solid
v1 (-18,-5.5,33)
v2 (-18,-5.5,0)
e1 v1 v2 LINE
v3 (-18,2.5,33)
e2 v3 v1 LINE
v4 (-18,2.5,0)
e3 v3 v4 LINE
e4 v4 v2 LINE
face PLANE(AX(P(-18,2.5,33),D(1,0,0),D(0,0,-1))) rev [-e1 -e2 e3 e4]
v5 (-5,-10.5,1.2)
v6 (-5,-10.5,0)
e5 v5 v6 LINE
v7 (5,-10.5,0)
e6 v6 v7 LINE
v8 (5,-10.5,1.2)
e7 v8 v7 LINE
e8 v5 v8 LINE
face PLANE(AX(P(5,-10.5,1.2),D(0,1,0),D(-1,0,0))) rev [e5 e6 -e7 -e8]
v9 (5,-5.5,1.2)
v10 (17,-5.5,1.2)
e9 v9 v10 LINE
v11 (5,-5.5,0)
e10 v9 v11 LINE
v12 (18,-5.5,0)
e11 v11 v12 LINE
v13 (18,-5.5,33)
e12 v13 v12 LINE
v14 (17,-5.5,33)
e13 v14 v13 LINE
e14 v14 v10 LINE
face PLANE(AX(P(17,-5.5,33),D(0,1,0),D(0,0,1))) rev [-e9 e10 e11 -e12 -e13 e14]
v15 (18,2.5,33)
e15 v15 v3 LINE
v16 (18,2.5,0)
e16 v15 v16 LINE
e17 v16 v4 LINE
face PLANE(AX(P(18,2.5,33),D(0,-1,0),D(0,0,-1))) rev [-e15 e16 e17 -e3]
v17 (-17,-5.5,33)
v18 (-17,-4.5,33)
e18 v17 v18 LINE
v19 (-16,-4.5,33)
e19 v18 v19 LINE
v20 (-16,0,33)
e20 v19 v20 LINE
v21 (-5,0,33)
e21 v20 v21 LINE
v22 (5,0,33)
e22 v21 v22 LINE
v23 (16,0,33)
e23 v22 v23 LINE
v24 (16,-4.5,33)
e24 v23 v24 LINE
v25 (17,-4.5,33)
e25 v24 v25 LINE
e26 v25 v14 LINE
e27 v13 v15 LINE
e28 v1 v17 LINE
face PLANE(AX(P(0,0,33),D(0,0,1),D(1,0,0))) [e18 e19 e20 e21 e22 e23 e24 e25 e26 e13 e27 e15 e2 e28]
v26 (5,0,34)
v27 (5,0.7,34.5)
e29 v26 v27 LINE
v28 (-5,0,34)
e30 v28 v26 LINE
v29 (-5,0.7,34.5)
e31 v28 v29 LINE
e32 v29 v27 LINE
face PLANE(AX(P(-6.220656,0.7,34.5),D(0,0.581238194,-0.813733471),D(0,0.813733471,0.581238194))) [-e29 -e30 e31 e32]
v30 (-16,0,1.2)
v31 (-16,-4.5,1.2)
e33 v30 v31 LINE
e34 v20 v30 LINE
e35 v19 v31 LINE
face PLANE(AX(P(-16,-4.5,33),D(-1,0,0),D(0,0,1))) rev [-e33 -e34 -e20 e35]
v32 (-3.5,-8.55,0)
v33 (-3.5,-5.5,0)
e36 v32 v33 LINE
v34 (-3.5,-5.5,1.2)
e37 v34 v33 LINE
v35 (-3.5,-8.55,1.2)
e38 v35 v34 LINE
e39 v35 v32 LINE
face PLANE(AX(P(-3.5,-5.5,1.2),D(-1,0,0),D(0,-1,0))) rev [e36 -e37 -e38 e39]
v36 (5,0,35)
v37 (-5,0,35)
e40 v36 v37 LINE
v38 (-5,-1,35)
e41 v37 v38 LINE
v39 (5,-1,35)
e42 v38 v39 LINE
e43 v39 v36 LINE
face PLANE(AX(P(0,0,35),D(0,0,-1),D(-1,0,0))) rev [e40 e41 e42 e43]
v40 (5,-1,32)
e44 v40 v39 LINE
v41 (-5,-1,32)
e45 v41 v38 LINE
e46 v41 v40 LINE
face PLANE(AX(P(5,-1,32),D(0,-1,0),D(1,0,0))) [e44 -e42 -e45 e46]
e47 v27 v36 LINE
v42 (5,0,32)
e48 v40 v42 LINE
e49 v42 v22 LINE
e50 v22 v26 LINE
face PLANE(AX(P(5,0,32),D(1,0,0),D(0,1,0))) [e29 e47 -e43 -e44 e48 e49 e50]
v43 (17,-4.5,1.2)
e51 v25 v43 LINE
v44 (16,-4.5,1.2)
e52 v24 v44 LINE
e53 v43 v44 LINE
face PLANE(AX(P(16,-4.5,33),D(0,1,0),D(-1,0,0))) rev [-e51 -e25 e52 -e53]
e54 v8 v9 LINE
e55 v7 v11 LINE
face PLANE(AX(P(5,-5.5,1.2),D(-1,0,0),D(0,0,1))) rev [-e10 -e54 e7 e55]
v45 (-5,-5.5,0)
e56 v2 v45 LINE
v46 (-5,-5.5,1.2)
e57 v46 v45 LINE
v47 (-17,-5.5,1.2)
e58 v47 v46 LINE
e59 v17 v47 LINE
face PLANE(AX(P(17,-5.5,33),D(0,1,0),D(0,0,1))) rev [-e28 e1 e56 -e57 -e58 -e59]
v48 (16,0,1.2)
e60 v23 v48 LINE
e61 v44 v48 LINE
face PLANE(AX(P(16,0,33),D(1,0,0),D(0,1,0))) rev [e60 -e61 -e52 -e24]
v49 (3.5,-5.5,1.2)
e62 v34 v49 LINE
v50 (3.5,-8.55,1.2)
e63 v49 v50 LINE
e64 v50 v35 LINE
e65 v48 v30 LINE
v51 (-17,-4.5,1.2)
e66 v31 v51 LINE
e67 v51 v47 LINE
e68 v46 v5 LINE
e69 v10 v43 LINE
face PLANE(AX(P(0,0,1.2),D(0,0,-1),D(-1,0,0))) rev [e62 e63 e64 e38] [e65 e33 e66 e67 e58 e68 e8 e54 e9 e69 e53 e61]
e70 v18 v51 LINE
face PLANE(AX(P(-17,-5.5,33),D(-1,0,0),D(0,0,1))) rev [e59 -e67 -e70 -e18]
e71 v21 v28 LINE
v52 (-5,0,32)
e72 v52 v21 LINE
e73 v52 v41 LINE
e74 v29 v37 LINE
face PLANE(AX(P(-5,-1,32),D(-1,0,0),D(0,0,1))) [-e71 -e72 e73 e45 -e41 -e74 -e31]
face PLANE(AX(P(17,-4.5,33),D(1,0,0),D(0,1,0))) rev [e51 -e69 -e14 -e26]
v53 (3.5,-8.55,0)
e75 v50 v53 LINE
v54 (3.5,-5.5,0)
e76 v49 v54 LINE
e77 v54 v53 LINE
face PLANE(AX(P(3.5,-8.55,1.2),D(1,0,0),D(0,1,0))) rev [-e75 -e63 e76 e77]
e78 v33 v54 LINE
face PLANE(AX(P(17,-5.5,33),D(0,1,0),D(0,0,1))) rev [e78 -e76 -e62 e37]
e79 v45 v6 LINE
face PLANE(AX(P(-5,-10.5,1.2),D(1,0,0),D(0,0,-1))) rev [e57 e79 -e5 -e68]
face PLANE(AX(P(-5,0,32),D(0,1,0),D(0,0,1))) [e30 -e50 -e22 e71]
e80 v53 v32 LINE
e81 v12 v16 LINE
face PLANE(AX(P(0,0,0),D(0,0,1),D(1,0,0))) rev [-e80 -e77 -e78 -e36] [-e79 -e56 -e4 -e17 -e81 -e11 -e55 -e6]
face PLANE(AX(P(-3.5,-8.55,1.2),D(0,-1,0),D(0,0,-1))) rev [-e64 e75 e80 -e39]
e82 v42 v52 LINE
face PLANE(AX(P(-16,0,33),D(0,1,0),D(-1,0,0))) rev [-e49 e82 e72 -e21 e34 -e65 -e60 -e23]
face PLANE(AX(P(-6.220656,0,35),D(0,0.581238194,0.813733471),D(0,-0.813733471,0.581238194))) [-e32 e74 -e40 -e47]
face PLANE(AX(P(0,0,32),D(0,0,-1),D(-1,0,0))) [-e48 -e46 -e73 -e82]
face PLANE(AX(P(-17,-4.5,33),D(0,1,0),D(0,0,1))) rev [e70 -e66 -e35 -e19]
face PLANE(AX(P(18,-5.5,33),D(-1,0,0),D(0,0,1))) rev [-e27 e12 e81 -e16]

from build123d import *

# Parameters (mm, degrees)
SALIENTE_EXTRUIR1_DEPTH      = 33
SALIENTE_EXTRUIR2_DEPTH      = 1.2
SALIENTE_EXTRUIR3_DEPTH      = 1.2
SALIENTE_EXTRUIR4_DEPTH      = 2
SALIENTE_EXTRUIR4_DEPTH_BACK = 1
CROQUIS4_W                   = 10
CROQUIS4_H                   = 1
SALIENTE_EXTRUIR5_DEPTH      = 10


with BuildPart() as part:
    # Croquis1 → Saliente-Extruir1 (new body)
    with BuildSketch(Plane.XY):
        Polygon((-18, -5.5), (-17, -5.5), (-17, -4.5), (-16, -4.5), (-16, 0), (16, 0), (16, -4.5), (17, -4.5), (17, -5.5), (18, -5.5), (18, 2.5), (-18, 2.5), align=None)
    extrude(amount=SALIENTE_EXTRUIR1_DEPTH)

    # Croquis2 → Saliente-Extruir2 (add)
    with BuildSketch(Plane.XY):
        Polygon((17, -5.5), (-17, -5.5), (-17, -4.5), (-16, -4.5), (-16, 0), (16, 0), (16, -4.5), (17, -4.5), align=None)
    extrude(amount=SALIENTE_EXTRUIR2_DEPTH)

    # Croquis3 → Saliente-Extruir3 (add)
    with BuildSketch(Plane.XY):
        Polygon((5, -5.5), (5, -10.5), (-5, -10.5), (-5, -5.5), (-3.5, -5.5), (-3.5, -8.55), (3.5, -8.55), (3.5, -5.5), align=None)
    extrude(amount=SALIENTE_EXTRUIR3_DEPTH)

    # Croquis4 → Saliente-Extruir4 (add, two sides: drawn at the far end of the back side and taken through both)
    with BuildSketch(Plane.XY.offset(33).offset(-SALIENTE_EXTRUIR4_DEPTH_BACK)):
        with Locations((0, -0.5)):
            Rectangle(CROQUIS4_W, CROQUIS4_H)
    extrude(amount=SALIENTE_EXTRUIR4_DEPTH + SALIENTE_EXTRUIR4_DEPTH_BACK)

    # Croquis5 → Saliente-Extruir5 (add)
    with BuildSketch(Plane(origin=(5, 0, 0), x_dir=(0, 0, -1), z_dir=(1, 0, 0))):
        Polygon((-35, 0), (-34.5, 0.7), (-34, 0), align=None)
    extrude(amount=-SALIENTE_EXTRUIR5_DEPTH)


solid = part.part
